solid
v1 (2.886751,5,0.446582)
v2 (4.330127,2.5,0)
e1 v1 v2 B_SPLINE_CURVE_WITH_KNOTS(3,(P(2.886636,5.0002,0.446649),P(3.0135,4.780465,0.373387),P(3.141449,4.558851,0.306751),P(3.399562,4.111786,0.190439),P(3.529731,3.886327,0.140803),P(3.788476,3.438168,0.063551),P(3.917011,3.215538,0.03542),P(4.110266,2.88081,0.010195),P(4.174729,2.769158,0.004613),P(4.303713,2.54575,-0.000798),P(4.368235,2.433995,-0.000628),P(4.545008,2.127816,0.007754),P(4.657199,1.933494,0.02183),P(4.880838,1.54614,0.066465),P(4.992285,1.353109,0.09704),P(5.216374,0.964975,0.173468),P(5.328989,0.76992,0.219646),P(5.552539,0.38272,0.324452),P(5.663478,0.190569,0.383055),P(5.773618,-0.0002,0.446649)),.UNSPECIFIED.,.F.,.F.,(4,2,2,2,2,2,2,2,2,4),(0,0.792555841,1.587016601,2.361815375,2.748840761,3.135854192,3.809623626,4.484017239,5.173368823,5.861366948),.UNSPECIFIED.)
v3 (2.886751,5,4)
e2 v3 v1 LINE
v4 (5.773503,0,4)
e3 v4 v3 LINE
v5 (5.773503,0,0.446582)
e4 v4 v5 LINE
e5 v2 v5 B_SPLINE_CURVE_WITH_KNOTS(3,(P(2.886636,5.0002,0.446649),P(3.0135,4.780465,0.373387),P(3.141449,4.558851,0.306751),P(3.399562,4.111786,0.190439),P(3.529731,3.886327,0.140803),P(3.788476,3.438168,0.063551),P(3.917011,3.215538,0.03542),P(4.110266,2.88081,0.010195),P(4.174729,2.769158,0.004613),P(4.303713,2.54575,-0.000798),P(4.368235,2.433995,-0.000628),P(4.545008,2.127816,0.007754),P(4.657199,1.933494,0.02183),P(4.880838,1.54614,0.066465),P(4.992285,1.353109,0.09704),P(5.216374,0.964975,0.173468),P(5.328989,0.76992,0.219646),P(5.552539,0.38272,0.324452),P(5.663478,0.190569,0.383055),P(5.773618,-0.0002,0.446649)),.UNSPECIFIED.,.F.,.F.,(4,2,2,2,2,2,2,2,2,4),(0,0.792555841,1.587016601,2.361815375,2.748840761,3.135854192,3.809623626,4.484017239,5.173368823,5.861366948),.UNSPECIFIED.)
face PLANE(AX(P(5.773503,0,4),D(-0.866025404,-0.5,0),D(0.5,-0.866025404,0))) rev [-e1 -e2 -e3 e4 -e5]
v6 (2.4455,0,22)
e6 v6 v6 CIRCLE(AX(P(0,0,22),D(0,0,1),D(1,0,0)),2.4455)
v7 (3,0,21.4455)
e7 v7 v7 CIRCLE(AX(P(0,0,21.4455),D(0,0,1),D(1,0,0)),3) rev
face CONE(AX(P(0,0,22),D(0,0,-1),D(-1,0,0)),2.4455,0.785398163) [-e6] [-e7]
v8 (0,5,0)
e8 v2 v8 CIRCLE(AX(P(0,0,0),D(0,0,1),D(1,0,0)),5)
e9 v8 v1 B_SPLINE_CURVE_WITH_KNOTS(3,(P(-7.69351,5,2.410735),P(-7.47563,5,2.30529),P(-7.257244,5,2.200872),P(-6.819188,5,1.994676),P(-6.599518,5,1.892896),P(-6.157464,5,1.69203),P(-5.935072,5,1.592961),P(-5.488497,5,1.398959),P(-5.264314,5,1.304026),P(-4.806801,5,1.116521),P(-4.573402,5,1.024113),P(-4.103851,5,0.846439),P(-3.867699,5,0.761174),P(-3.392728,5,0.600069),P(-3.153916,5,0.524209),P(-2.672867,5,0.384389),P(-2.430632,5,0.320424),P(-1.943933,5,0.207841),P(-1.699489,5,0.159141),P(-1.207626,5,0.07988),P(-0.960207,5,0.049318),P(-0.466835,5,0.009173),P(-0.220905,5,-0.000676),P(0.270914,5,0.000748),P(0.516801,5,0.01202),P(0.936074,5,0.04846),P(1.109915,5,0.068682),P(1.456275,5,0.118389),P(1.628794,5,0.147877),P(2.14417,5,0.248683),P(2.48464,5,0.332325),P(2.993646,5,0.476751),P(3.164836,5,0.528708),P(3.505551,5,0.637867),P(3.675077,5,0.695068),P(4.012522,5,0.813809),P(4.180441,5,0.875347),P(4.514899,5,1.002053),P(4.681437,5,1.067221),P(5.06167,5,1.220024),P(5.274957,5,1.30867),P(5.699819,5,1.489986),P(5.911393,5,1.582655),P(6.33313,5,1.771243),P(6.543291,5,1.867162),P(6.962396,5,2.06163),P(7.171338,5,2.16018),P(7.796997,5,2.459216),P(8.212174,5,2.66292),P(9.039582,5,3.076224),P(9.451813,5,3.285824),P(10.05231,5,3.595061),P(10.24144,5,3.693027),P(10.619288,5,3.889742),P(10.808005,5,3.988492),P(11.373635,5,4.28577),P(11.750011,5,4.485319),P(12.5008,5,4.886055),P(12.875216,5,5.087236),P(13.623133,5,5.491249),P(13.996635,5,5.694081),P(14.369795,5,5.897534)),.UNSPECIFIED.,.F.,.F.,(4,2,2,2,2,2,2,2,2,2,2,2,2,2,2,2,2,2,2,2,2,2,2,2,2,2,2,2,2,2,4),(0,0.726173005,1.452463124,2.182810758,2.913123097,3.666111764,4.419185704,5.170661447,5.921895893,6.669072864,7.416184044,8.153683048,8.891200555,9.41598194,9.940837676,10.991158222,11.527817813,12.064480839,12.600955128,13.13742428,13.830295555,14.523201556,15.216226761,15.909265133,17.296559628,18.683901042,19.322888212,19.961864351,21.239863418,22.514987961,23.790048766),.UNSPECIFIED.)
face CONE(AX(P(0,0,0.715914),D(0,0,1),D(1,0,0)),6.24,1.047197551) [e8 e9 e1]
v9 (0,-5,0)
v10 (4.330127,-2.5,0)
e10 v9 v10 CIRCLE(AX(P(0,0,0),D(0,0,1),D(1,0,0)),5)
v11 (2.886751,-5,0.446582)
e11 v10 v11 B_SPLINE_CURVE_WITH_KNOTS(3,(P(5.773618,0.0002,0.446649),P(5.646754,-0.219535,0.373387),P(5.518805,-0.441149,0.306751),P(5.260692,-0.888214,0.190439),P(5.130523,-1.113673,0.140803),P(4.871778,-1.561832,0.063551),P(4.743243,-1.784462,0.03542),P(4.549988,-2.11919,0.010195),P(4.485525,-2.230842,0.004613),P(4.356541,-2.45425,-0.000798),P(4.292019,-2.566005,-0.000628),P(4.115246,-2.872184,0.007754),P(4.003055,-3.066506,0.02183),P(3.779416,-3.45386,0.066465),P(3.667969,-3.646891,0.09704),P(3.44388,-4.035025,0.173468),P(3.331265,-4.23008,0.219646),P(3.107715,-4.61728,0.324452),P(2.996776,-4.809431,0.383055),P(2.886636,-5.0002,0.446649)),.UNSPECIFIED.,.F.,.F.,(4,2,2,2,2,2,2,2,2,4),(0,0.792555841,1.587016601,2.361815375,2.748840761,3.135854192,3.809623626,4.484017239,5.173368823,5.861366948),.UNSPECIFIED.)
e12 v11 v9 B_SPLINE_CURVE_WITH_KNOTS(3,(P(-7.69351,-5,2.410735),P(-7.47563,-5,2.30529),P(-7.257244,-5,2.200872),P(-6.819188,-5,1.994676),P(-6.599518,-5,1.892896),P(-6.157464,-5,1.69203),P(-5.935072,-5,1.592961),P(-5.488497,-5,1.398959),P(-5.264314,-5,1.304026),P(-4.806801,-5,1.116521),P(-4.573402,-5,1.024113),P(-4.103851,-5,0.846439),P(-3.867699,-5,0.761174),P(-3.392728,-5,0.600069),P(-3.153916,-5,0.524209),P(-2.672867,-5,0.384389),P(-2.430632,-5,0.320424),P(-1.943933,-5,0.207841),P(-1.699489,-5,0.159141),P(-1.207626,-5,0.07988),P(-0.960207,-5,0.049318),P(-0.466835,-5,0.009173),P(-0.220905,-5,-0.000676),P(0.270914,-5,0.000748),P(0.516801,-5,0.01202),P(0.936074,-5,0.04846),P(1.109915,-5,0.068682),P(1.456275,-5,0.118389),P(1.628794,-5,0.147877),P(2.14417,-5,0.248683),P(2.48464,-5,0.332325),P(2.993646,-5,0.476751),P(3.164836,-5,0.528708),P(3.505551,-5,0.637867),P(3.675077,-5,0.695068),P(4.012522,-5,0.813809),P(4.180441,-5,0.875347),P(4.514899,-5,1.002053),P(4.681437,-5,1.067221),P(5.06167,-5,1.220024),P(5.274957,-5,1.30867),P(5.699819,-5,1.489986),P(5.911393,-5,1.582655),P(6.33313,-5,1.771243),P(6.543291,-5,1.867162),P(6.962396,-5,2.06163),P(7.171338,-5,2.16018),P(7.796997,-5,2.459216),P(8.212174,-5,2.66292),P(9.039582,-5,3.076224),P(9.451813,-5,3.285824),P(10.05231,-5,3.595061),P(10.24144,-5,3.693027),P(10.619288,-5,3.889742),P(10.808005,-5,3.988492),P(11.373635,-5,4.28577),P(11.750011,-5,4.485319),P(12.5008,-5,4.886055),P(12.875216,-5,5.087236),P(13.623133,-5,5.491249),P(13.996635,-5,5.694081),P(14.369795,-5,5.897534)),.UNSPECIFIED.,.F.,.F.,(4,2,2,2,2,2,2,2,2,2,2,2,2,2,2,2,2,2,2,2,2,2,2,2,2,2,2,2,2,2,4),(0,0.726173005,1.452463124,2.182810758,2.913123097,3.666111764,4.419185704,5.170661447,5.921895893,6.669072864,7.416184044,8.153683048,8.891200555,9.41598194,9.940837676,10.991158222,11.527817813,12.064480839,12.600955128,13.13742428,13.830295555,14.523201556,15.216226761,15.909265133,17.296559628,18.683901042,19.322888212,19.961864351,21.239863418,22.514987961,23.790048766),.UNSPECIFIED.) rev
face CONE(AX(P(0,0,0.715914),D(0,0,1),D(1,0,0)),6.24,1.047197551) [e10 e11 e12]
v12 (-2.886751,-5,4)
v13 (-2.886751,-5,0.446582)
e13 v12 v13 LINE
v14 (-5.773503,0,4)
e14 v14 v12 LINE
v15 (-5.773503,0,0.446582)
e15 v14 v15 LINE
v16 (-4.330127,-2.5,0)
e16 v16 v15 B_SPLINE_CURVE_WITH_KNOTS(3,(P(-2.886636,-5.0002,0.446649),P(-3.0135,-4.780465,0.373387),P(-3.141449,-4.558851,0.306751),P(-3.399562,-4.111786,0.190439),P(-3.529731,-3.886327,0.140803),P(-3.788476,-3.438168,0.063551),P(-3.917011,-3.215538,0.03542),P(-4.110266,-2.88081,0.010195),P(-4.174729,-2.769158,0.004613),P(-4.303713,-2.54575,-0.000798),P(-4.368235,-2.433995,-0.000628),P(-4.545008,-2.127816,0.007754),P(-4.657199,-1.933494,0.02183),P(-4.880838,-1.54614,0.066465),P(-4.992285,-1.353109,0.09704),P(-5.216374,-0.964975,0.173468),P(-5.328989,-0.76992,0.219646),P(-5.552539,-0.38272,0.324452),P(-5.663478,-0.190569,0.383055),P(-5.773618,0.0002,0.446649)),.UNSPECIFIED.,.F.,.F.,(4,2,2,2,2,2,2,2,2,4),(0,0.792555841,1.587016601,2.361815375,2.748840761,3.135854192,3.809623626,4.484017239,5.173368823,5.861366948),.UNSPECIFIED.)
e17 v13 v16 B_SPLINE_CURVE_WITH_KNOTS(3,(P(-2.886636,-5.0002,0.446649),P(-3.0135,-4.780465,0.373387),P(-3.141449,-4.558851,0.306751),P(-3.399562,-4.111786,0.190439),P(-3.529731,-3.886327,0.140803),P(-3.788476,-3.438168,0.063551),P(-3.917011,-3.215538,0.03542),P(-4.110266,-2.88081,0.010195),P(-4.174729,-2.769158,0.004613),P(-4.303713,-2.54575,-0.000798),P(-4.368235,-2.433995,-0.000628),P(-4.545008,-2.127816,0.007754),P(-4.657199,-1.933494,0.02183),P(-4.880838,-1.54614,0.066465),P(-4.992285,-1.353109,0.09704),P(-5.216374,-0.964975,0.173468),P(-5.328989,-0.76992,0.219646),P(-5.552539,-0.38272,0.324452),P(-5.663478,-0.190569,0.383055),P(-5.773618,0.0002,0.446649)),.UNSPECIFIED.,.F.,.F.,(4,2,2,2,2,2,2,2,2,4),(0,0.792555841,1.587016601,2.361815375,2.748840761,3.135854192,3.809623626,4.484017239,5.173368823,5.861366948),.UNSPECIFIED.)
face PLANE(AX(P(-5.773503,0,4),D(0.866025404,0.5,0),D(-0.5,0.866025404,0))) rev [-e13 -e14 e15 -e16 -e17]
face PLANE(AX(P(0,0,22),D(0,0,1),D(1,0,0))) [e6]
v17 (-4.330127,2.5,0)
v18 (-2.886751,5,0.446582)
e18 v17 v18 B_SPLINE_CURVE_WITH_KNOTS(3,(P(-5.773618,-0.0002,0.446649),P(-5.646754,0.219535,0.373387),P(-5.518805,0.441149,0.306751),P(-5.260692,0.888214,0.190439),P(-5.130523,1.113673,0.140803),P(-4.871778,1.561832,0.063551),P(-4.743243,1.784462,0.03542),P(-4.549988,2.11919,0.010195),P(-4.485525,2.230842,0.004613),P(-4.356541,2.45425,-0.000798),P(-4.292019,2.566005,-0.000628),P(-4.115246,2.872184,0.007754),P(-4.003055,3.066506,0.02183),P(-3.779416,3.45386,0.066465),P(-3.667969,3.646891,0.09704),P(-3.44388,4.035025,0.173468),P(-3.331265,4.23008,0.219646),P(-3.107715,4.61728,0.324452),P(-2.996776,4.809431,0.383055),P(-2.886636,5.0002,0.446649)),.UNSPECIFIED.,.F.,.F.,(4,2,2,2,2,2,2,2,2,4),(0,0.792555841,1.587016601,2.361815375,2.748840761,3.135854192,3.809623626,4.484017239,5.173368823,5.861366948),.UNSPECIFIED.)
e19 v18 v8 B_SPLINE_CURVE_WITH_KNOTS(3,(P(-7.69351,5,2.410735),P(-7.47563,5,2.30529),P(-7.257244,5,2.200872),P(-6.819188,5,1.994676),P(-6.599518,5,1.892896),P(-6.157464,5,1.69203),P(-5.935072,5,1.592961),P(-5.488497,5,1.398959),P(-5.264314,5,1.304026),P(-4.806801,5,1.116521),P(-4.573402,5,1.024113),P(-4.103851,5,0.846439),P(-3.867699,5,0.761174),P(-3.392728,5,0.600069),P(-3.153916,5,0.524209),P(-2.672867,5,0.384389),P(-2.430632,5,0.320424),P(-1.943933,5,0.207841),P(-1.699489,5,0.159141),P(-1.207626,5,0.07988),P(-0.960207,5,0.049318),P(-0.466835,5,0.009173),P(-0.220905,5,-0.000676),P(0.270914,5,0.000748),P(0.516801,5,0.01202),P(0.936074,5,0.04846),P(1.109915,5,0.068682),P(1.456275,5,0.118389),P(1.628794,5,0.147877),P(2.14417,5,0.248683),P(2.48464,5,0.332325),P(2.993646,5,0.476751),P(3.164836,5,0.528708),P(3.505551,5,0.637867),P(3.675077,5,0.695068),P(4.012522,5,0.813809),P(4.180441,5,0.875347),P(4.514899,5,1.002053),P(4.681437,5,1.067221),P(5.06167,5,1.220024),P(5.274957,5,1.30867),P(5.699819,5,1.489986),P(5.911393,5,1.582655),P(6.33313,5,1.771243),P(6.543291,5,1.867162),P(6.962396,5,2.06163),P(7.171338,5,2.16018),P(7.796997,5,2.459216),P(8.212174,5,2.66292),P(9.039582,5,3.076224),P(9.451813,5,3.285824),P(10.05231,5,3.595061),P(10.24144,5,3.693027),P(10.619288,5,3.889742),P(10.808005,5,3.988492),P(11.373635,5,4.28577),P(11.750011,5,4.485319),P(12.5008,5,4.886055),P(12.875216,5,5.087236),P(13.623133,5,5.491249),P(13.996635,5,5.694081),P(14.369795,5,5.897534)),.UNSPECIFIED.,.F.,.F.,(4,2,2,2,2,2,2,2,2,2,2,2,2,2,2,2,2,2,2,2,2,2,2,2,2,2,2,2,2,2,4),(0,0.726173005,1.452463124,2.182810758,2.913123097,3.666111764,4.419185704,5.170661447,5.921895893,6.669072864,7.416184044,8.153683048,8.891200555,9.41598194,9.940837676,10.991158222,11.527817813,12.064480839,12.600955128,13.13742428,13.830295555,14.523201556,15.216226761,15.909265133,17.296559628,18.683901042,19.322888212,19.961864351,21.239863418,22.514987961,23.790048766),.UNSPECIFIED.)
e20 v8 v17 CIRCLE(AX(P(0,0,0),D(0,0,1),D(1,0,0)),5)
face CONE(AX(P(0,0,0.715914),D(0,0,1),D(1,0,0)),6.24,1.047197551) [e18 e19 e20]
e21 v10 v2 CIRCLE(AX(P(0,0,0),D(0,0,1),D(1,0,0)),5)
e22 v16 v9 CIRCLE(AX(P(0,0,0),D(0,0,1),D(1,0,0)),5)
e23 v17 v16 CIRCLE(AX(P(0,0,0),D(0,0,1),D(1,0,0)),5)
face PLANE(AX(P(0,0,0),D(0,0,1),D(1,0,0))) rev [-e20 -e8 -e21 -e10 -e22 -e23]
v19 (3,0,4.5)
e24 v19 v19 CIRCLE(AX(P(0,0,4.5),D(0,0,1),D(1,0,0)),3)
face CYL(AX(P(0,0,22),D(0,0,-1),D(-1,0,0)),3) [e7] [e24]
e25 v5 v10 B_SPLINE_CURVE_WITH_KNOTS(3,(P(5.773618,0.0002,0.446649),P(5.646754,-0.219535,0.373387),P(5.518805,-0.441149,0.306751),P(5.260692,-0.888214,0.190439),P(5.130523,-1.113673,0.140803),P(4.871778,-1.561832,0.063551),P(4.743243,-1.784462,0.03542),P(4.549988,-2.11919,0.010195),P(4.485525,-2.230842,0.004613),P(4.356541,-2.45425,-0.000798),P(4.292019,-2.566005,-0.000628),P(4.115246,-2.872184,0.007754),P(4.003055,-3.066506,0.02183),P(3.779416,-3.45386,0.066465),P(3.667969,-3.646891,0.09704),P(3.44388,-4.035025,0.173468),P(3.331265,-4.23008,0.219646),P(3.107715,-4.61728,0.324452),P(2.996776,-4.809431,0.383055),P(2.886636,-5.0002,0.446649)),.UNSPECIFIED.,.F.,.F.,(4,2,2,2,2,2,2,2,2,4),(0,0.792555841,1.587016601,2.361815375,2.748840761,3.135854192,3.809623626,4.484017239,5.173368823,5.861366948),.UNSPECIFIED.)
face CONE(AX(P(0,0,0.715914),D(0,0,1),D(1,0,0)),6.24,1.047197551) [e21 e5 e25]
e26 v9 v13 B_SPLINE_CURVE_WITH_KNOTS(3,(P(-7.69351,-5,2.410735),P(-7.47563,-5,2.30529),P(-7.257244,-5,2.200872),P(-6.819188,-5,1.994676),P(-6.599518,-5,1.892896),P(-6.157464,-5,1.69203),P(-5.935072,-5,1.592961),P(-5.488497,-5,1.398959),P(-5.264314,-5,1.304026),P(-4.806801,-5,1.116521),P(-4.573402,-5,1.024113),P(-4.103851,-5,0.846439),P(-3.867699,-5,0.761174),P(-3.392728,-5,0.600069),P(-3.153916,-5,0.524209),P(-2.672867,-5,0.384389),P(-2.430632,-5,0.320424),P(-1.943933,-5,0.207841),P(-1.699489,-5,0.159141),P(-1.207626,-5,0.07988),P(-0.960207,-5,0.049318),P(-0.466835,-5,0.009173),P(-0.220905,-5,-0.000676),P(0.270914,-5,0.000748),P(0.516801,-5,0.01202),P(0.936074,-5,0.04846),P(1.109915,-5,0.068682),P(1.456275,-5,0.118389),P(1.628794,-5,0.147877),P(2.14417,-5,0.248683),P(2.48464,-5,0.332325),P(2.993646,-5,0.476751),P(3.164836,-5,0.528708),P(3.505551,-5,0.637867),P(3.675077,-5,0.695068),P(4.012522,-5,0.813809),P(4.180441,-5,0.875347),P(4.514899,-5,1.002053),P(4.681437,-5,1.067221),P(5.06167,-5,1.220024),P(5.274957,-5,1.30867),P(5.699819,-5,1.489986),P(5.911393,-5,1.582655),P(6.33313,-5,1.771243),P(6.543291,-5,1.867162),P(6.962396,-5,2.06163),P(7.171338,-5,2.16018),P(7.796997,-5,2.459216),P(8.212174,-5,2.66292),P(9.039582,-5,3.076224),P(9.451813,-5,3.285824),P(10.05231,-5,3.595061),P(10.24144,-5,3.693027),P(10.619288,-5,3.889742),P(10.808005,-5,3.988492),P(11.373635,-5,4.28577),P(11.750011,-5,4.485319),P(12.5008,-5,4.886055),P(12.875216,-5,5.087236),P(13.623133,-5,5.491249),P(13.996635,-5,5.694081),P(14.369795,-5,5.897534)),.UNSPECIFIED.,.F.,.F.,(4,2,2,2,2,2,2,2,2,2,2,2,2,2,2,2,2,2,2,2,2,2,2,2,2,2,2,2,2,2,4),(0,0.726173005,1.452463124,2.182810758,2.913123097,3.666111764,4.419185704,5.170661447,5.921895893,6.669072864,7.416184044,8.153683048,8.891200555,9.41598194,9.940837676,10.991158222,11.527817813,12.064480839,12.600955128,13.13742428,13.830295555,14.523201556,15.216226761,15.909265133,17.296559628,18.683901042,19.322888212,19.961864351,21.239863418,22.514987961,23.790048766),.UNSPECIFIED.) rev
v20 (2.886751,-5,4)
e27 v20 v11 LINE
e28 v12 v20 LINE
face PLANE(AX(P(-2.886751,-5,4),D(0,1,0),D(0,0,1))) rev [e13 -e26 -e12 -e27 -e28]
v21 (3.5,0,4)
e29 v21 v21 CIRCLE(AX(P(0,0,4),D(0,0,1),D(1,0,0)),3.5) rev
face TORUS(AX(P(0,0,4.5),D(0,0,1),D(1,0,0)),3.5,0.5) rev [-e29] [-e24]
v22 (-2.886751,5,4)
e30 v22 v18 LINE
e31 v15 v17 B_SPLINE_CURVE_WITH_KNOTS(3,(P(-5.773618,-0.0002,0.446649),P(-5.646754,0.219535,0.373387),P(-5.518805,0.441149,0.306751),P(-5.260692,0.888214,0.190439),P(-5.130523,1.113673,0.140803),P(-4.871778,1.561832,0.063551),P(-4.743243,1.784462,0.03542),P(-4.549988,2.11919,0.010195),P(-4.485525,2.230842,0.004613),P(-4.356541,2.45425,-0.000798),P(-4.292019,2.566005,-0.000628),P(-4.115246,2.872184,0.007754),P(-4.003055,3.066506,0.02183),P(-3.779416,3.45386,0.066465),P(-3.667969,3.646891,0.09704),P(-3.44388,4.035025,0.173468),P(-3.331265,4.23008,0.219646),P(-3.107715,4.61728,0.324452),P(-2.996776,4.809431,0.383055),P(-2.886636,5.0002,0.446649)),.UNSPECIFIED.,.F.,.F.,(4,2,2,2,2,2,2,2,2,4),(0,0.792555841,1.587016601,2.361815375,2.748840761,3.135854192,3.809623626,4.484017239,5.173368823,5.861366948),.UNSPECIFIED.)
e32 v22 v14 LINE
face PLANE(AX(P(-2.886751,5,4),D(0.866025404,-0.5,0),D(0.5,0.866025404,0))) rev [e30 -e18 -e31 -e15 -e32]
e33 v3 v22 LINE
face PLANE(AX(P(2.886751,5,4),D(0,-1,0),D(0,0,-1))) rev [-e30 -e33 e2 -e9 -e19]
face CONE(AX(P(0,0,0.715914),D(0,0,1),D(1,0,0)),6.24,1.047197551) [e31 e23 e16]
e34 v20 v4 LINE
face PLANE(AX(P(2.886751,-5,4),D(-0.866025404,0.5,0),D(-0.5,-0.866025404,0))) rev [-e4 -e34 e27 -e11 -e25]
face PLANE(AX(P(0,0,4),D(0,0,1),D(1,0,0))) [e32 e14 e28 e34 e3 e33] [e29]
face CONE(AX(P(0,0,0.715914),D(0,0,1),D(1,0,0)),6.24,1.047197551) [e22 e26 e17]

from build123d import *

# Parameters (mm, degrees)
EXTRUDE_1_DEPTH = 4
SKETCH_2_R      = 3
EXTRUDE_2_DEPTH = 18
CHAMFER_1_SIZE  = 0.5545
FILLET_1_R      = 0.5


with BuildPart() as part:
    # Эскиз1 → Бобышка-Вытянуть1 (new body)
    with BuildSketch(Plane.XY):
        Polygon((-2.886751346, 5), (-5.773502692, 0), (-2.886751346, -5), (2.886751346, -5), (5.773502692, 0), (2.886751346, 5), align=None)
    extrude(amount=EXTRUDE_1_DEPTH)

    # Эскиз2 → Бобышка-Вытянуть2 (add)
    with BuildSketch(Plane.XY.offset(4)):
        Circle(SKETCH_2_R)
    extrude(amount=EXTRUDE_2_DEPTH)

    # Эскиз3 → Вырез-Повернуть1 (revolve, cut)
    with BuildSketch(Plane(origin=(0, 0, 0), x_dir=(0, 0, -1), z_dir=(1, 0, 0))):
        Polygon((0, 5), (0, 6.24), (-0.715914334, 6.24), align=None)
    revolve(axis=Axis((0, 0, 1000), (0, 0, -1)), mode=Mode.SUBTRACT)

    # Фаска1
    chamfer_1_edges = [part.edges().sort_by_distance(p)[0] for p in [
        (-3, 0, 22),
    ]]
    chamfer(chamfer_1_edges, length=CHAMFER_1_SIZE)

    # Скругление1
    fillet_1_edges = [part.edges().sort_by_distance(p)[0] for p in [
        (-3, 0, 4),
    ]]
    fillet(fillet_1_edges, radius=FILLET_1_R)


solid = part.part
